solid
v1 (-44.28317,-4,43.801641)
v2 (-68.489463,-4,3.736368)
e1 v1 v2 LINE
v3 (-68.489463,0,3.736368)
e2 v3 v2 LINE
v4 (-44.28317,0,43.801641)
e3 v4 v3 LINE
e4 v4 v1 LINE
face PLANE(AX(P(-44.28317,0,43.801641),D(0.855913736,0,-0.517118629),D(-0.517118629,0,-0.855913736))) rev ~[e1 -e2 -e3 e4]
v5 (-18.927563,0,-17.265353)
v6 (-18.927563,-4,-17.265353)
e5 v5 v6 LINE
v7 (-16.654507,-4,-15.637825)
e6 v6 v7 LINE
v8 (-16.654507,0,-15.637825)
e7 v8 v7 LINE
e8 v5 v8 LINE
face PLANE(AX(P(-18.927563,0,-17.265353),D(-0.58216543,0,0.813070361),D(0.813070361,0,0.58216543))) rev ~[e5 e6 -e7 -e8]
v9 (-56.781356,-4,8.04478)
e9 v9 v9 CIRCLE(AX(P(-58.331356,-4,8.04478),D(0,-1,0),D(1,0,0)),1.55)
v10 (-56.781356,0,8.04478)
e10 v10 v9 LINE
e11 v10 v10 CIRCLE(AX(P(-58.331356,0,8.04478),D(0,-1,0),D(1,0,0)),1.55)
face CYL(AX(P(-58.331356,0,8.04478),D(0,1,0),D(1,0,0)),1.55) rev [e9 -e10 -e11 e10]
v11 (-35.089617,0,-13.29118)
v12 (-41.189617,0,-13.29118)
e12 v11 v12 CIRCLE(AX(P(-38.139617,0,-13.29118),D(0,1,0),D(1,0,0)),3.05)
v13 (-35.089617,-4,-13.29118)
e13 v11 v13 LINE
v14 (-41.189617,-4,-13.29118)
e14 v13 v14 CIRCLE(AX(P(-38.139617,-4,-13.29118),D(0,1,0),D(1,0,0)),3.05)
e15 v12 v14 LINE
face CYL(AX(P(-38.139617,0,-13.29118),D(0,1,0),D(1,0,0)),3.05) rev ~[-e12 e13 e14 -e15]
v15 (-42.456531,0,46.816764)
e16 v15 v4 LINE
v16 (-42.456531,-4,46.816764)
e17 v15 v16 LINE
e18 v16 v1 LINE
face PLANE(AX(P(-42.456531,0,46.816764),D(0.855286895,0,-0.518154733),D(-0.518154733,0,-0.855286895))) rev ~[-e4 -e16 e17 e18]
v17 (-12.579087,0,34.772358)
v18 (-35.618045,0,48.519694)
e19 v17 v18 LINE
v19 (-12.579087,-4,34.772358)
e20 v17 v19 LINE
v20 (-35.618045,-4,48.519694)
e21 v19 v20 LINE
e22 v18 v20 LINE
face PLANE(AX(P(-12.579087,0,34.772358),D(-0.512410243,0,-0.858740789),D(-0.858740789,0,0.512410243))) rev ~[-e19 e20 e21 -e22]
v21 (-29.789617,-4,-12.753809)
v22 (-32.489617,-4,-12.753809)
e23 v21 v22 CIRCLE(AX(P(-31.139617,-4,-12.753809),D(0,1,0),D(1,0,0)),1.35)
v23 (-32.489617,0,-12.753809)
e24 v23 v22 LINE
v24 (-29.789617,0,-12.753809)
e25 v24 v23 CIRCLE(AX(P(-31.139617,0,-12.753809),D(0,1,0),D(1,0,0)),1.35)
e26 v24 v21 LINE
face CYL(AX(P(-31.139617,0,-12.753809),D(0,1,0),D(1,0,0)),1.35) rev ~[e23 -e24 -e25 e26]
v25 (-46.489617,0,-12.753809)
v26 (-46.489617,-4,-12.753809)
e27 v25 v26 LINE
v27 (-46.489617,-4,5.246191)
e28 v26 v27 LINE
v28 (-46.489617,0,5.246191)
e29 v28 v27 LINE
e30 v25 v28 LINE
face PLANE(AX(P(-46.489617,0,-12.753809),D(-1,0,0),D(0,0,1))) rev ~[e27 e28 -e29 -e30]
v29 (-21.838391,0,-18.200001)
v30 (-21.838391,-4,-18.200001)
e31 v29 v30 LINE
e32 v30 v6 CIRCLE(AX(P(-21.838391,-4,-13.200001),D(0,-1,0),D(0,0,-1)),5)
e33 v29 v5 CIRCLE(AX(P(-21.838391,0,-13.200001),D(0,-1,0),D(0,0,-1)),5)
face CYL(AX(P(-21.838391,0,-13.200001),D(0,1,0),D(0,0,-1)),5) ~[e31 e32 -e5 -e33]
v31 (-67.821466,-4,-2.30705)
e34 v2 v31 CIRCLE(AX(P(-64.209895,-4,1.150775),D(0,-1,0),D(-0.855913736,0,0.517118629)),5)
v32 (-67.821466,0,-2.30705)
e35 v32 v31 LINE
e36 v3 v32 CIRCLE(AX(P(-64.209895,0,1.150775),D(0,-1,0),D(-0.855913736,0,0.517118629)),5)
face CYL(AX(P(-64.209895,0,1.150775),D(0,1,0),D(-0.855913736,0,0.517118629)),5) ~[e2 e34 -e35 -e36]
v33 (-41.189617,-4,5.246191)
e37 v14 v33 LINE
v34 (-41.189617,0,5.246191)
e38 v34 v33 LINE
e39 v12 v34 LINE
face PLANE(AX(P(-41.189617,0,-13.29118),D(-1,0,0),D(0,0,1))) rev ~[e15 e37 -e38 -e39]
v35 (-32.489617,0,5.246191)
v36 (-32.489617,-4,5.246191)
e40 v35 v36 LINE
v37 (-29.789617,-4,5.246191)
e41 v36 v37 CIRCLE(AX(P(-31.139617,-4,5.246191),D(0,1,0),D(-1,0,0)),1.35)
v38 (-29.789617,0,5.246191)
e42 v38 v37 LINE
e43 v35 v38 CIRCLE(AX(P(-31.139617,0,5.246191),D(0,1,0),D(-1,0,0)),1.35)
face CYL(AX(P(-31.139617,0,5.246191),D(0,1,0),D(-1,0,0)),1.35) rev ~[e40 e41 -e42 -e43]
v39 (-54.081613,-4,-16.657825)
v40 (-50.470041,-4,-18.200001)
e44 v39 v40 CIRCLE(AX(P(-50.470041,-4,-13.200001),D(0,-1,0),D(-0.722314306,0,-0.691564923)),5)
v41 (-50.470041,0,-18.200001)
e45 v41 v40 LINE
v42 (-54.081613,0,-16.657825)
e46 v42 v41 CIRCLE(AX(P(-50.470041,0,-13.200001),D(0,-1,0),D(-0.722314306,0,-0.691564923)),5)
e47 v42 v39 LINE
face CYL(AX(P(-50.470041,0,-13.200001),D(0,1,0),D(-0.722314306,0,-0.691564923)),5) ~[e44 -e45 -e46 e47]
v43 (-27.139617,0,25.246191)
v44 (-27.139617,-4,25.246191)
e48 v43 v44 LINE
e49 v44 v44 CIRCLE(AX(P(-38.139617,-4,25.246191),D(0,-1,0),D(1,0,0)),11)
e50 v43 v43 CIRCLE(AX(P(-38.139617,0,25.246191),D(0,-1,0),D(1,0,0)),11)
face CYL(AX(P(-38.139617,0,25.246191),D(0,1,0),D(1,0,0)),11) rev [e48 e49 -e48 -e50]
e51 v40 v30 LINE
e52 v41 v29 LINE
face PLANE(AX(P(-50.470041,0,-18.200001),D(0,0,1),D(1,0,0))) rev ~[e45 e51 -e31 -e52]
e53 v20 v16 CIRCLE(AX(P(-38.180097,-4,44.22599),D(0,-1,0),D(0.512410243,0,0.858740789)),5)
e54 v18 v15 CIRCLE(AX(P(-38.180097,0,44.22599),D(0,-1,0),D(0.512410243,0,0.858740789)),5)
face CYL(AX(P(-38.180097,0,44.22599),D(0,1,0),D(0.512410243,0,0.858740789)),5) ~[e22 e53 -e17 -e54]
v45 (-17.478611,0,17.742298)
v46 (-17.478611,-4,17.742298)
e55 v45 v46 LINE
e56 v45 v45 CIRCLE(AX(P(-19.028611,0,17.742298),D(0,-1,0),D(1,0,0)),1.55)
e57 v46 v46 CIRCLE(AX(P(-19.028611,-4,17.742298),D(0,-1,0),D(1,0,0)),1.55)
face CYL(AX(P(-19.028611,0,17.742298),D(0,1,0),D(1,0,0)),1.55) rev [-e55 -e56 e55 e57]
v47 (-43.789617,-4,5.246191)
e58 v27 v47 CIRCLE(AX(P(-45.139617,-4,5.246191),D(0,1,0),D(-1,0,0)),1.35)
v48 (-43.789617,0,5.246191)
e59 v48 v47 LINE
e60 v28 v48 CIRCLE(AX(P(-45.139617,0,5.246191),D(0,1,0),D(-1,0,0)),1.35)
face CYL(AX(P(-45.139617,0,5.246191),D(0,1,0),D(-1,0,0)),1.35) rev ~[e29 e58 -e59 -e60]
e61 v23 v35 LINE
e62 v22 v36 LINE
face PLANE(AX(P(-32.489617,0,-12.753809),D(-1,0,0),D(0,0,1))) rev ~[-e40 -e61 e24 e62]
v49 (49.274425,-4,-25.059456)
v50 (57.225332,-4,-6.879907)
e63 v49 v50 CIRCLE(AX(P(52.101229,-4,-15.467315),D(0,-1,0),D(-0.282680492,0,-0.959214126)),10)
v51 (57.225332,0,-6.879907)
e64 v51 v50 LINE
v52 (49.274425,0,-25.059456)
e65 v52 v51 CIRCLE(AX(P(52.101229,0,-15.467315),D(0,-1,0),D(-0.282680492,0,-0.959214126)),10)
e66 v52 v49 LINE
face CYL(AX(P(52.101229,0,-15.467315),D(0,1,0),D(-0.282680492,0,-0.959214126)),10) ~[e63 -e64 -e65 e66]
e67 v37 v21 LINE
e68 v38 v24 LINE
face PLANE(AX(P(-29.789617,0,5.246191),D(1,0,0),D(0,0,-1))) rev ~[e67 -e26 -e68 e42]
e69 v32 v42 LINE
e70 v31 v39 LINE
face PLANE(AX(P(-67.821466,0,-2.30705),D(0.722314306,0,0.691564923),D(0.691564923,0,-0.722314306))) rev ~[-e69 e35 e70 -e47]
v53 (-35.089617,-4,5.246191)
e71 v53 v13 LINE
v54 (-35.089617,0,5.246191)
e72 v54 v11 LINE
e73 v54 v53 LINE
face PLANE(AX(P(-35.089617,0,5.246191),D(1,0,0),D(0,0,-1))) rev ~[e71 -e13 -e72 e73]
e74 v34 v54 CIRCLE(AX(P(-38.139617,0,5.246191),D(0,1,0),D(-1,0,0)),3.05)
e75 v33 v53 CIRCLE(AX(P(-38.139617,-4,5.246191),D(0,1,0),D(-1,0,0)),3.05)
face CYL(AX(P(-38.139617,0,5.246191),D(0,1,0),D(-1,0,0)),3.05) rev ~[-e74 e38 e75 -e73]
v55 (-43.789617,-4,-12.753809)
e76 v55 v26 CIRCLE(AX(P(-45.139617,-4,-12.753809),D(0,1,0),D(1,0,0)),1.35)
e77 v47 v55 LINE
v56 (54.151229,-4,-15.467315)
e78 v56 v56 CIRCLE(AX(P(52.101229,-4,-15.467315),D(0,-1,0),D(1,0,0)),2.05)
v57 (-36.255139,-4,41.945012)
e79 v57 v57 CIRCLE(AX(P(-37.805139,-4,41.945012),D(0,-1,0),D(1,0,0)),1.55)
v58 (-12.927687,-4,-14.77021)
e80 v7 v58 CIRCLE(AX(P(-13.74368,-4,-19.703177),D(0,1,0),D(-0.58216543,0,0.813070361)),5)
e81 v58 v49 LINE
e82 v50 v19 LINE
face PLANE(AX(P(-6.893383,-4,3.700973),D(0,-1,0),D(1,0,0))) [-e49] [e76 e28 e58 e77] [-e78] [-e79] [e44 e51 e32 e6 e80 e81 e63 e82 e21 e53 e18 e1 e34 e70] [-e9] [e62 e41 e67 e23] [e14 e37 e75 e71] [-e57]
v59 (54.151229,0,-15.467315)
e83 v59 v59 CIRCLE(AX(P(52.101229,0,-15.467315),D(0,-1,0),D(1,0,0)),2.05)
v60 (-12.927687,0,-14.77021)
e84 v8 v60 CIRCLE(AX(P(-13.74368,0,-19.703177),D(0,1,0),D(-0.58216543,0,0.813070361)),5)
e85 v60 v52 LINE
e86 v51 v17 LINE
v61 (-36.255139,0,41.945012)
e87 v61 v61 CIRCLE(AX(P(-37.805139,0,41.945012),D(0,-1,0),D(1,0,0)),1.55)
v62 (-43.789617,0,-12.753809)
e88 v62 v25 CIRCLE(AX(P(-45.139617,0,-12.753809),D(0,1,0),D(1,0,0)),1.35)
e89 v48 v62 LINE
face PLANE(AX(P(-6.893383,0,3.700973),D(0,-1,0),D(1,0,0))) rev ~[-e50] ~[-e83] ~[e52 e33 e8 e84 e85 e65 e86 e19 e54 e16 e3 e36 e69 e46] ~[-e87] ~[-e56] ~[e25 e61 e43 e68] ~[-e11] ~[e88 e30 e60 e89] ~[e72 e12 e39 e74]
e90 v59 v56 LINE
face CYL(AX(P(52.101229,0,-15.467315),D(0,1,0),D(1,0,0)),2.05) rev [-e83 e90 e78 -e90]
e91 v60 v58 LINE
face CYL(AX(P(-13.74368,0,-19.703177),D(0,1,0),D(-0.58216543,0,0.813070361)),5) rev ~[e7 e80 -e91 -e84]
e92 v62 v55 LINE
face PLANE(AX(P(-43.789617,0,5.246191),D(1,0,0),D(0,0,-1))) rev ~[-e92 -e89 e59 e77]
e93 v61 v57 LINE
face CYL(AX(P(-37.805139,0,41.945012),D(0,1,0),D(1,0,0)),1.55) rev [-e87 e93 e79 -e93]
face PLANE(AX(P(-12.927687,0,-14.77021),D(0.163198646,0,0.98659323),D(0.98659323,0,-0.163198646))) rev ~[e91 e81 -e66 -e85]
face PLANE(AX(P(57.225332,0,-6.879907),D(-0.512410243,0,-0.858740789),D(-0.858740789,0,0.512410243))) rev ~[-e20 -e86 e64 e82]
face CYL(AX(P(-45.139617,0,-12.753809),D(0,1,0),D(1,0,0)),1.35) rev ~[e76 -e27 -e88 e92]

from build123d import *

# Parameters (mm, degrees)
F0_R     = 1.55
F0_R_2   = 2.05
F0_R_3   = 11
F1_DEPTH = 4


with BuildPart() as f1:
    # F0 (on Front) → F1 (new body)
    with BuildSketch(Plane.XZ):
        with BuildLine():
            Line((-12.9276869952, -14.7702103927), (49.2744245402, -25.0594563055))
            ThreePointArc((49.2744245402, -25.0594563055), (61.2632923167, -19.4743843221), (57.2253318853, -6.8799071524))
            Line((57.2253318853, -6.8799071524), (-12.5790872929, 34.7723583687))
            Line((-12.5790872929, 34.7723583687), (-35.6180453168, 48.5196942571))
            ThreePointArc((-35.6180453168, 48.5196942571), (-39.3883061053, 49.0778177624), (-42.4565310048, 46.8167639757))
            Line((-42.4565310048, 46.8167639757), (-44.283169795, 43.8016410413))
            Line((-44.283169795, 43.8016410413), (-68.4894634868, 3.7363676474))
            ThreePointArc((-68.4894634868, 3.7363676474), (-69.1796280017, 0.6014549382), (-67.8214663387, -2.3070501159))
            Line((-67.8214663387, -2.3070501159), (-54.0816127895, -16.6578253643))
            ThreePointArc((-54.0816127895, -16.6578253643), (-52.4335683043, -17.7983223484), (-50.4700412586, -18.200000748))
            Line((-50.4700412586, -18.200000748), (-21.8383905306, -18.200000748))
            ThreePointArc((-21.8383905306, -18.200000748), (-20.3097897038, -17.960607801), (-18.9275633798, -17.265352553))
            Line((-18.9275633798, -17.265352553), (-16.6545073746, -15.6378247392))
            ThreePointArc((-16.6545073746, -15.6378247392), (-14.877378135, -14.8333994398), (-12.9276869952, -14.7702103927))
        make_face()
        with BuildLine():
            ThreePointArc((-46.4896173713, 5.2461908635), (-45.1396173713, 6.5961908635), (-43.7896173713, 5.2461908635))
            Line((-43.7896173713, 5.2461908635), (-43.7896173713, -12.7538091365))
            ThreePointArc((-43.7896173713, -12.7538091365), (-45.1396173713, -14.1038091365), (-46.4896173713, -12.7538091365))
            Line((-46.4896173713, -12.7538091365), (-46.4896173713, 5.2461908635))
        make_face(mode=Mode.SUBTRACT)
        with BuildLine():
            Line((-41.1896173713, -13.2911801338), (-41.1896173713, 5.2461908635))
            ThreePointArc((-41.1896173713, 5.2461908635), (-38.1396173713, 8.2961908635), (-35.0896173713, 5.2461908635))
            Line((-35.0896173713, 5.2461908635), (-35.0896173713, -13.2911801338))
            ThreePointArc((-35.0896173713, -13.2911801338), (-38.1396173713, -16.3411801338), (-41.1896173713, -13.2911801338))
        make_face(mode=Mode.SUBTRACT)
        with Locations((-58.3313559954, 8.044780269)):
            Circle(F0_R, mode=Mode.SUBTRACT)
        with BuildLine():
            Line((-32.4896173713, -12.7538091365), (-32.4896173713, 5.2461908635))
            ThreePointArc((-32.4896173713, 5.2461908635), (-31.1396173713, 6.5961908635), (-29.7896173713, 5.2461908635))
            Line((-29.7896173713, 5.2461908635), (-29.7896173713, -12.7538091365))
            ThreePointArc((-29.7896173713, -12.7538091365), (-31.1396173713, -14.1038091365), (-32.4896173713, -12.7538091365))
        make_face(mode=Mode.SUBTRACT)
        with Locations((52.1012294587, -15.4673150455)):
            Circle(F0_R_2, mode=Mode.SUBTRACT)
        with Locations((-38.1396173713, 25.2461908635)):
            Circle(F0_R_3, mode=Mode.SUBTRACT)
        with Locations((-19.0286114888, 17.7422984931)):
            Circle(F0_R, mode=Mode.SUBTRACT)
        with Locations((-37.8051390947, 41.9450122359)):
            Circle(F0_R, mode=Mode.SUBTRACT)
    extrude(amount=F1_DEPTH)


solid = f1.part
